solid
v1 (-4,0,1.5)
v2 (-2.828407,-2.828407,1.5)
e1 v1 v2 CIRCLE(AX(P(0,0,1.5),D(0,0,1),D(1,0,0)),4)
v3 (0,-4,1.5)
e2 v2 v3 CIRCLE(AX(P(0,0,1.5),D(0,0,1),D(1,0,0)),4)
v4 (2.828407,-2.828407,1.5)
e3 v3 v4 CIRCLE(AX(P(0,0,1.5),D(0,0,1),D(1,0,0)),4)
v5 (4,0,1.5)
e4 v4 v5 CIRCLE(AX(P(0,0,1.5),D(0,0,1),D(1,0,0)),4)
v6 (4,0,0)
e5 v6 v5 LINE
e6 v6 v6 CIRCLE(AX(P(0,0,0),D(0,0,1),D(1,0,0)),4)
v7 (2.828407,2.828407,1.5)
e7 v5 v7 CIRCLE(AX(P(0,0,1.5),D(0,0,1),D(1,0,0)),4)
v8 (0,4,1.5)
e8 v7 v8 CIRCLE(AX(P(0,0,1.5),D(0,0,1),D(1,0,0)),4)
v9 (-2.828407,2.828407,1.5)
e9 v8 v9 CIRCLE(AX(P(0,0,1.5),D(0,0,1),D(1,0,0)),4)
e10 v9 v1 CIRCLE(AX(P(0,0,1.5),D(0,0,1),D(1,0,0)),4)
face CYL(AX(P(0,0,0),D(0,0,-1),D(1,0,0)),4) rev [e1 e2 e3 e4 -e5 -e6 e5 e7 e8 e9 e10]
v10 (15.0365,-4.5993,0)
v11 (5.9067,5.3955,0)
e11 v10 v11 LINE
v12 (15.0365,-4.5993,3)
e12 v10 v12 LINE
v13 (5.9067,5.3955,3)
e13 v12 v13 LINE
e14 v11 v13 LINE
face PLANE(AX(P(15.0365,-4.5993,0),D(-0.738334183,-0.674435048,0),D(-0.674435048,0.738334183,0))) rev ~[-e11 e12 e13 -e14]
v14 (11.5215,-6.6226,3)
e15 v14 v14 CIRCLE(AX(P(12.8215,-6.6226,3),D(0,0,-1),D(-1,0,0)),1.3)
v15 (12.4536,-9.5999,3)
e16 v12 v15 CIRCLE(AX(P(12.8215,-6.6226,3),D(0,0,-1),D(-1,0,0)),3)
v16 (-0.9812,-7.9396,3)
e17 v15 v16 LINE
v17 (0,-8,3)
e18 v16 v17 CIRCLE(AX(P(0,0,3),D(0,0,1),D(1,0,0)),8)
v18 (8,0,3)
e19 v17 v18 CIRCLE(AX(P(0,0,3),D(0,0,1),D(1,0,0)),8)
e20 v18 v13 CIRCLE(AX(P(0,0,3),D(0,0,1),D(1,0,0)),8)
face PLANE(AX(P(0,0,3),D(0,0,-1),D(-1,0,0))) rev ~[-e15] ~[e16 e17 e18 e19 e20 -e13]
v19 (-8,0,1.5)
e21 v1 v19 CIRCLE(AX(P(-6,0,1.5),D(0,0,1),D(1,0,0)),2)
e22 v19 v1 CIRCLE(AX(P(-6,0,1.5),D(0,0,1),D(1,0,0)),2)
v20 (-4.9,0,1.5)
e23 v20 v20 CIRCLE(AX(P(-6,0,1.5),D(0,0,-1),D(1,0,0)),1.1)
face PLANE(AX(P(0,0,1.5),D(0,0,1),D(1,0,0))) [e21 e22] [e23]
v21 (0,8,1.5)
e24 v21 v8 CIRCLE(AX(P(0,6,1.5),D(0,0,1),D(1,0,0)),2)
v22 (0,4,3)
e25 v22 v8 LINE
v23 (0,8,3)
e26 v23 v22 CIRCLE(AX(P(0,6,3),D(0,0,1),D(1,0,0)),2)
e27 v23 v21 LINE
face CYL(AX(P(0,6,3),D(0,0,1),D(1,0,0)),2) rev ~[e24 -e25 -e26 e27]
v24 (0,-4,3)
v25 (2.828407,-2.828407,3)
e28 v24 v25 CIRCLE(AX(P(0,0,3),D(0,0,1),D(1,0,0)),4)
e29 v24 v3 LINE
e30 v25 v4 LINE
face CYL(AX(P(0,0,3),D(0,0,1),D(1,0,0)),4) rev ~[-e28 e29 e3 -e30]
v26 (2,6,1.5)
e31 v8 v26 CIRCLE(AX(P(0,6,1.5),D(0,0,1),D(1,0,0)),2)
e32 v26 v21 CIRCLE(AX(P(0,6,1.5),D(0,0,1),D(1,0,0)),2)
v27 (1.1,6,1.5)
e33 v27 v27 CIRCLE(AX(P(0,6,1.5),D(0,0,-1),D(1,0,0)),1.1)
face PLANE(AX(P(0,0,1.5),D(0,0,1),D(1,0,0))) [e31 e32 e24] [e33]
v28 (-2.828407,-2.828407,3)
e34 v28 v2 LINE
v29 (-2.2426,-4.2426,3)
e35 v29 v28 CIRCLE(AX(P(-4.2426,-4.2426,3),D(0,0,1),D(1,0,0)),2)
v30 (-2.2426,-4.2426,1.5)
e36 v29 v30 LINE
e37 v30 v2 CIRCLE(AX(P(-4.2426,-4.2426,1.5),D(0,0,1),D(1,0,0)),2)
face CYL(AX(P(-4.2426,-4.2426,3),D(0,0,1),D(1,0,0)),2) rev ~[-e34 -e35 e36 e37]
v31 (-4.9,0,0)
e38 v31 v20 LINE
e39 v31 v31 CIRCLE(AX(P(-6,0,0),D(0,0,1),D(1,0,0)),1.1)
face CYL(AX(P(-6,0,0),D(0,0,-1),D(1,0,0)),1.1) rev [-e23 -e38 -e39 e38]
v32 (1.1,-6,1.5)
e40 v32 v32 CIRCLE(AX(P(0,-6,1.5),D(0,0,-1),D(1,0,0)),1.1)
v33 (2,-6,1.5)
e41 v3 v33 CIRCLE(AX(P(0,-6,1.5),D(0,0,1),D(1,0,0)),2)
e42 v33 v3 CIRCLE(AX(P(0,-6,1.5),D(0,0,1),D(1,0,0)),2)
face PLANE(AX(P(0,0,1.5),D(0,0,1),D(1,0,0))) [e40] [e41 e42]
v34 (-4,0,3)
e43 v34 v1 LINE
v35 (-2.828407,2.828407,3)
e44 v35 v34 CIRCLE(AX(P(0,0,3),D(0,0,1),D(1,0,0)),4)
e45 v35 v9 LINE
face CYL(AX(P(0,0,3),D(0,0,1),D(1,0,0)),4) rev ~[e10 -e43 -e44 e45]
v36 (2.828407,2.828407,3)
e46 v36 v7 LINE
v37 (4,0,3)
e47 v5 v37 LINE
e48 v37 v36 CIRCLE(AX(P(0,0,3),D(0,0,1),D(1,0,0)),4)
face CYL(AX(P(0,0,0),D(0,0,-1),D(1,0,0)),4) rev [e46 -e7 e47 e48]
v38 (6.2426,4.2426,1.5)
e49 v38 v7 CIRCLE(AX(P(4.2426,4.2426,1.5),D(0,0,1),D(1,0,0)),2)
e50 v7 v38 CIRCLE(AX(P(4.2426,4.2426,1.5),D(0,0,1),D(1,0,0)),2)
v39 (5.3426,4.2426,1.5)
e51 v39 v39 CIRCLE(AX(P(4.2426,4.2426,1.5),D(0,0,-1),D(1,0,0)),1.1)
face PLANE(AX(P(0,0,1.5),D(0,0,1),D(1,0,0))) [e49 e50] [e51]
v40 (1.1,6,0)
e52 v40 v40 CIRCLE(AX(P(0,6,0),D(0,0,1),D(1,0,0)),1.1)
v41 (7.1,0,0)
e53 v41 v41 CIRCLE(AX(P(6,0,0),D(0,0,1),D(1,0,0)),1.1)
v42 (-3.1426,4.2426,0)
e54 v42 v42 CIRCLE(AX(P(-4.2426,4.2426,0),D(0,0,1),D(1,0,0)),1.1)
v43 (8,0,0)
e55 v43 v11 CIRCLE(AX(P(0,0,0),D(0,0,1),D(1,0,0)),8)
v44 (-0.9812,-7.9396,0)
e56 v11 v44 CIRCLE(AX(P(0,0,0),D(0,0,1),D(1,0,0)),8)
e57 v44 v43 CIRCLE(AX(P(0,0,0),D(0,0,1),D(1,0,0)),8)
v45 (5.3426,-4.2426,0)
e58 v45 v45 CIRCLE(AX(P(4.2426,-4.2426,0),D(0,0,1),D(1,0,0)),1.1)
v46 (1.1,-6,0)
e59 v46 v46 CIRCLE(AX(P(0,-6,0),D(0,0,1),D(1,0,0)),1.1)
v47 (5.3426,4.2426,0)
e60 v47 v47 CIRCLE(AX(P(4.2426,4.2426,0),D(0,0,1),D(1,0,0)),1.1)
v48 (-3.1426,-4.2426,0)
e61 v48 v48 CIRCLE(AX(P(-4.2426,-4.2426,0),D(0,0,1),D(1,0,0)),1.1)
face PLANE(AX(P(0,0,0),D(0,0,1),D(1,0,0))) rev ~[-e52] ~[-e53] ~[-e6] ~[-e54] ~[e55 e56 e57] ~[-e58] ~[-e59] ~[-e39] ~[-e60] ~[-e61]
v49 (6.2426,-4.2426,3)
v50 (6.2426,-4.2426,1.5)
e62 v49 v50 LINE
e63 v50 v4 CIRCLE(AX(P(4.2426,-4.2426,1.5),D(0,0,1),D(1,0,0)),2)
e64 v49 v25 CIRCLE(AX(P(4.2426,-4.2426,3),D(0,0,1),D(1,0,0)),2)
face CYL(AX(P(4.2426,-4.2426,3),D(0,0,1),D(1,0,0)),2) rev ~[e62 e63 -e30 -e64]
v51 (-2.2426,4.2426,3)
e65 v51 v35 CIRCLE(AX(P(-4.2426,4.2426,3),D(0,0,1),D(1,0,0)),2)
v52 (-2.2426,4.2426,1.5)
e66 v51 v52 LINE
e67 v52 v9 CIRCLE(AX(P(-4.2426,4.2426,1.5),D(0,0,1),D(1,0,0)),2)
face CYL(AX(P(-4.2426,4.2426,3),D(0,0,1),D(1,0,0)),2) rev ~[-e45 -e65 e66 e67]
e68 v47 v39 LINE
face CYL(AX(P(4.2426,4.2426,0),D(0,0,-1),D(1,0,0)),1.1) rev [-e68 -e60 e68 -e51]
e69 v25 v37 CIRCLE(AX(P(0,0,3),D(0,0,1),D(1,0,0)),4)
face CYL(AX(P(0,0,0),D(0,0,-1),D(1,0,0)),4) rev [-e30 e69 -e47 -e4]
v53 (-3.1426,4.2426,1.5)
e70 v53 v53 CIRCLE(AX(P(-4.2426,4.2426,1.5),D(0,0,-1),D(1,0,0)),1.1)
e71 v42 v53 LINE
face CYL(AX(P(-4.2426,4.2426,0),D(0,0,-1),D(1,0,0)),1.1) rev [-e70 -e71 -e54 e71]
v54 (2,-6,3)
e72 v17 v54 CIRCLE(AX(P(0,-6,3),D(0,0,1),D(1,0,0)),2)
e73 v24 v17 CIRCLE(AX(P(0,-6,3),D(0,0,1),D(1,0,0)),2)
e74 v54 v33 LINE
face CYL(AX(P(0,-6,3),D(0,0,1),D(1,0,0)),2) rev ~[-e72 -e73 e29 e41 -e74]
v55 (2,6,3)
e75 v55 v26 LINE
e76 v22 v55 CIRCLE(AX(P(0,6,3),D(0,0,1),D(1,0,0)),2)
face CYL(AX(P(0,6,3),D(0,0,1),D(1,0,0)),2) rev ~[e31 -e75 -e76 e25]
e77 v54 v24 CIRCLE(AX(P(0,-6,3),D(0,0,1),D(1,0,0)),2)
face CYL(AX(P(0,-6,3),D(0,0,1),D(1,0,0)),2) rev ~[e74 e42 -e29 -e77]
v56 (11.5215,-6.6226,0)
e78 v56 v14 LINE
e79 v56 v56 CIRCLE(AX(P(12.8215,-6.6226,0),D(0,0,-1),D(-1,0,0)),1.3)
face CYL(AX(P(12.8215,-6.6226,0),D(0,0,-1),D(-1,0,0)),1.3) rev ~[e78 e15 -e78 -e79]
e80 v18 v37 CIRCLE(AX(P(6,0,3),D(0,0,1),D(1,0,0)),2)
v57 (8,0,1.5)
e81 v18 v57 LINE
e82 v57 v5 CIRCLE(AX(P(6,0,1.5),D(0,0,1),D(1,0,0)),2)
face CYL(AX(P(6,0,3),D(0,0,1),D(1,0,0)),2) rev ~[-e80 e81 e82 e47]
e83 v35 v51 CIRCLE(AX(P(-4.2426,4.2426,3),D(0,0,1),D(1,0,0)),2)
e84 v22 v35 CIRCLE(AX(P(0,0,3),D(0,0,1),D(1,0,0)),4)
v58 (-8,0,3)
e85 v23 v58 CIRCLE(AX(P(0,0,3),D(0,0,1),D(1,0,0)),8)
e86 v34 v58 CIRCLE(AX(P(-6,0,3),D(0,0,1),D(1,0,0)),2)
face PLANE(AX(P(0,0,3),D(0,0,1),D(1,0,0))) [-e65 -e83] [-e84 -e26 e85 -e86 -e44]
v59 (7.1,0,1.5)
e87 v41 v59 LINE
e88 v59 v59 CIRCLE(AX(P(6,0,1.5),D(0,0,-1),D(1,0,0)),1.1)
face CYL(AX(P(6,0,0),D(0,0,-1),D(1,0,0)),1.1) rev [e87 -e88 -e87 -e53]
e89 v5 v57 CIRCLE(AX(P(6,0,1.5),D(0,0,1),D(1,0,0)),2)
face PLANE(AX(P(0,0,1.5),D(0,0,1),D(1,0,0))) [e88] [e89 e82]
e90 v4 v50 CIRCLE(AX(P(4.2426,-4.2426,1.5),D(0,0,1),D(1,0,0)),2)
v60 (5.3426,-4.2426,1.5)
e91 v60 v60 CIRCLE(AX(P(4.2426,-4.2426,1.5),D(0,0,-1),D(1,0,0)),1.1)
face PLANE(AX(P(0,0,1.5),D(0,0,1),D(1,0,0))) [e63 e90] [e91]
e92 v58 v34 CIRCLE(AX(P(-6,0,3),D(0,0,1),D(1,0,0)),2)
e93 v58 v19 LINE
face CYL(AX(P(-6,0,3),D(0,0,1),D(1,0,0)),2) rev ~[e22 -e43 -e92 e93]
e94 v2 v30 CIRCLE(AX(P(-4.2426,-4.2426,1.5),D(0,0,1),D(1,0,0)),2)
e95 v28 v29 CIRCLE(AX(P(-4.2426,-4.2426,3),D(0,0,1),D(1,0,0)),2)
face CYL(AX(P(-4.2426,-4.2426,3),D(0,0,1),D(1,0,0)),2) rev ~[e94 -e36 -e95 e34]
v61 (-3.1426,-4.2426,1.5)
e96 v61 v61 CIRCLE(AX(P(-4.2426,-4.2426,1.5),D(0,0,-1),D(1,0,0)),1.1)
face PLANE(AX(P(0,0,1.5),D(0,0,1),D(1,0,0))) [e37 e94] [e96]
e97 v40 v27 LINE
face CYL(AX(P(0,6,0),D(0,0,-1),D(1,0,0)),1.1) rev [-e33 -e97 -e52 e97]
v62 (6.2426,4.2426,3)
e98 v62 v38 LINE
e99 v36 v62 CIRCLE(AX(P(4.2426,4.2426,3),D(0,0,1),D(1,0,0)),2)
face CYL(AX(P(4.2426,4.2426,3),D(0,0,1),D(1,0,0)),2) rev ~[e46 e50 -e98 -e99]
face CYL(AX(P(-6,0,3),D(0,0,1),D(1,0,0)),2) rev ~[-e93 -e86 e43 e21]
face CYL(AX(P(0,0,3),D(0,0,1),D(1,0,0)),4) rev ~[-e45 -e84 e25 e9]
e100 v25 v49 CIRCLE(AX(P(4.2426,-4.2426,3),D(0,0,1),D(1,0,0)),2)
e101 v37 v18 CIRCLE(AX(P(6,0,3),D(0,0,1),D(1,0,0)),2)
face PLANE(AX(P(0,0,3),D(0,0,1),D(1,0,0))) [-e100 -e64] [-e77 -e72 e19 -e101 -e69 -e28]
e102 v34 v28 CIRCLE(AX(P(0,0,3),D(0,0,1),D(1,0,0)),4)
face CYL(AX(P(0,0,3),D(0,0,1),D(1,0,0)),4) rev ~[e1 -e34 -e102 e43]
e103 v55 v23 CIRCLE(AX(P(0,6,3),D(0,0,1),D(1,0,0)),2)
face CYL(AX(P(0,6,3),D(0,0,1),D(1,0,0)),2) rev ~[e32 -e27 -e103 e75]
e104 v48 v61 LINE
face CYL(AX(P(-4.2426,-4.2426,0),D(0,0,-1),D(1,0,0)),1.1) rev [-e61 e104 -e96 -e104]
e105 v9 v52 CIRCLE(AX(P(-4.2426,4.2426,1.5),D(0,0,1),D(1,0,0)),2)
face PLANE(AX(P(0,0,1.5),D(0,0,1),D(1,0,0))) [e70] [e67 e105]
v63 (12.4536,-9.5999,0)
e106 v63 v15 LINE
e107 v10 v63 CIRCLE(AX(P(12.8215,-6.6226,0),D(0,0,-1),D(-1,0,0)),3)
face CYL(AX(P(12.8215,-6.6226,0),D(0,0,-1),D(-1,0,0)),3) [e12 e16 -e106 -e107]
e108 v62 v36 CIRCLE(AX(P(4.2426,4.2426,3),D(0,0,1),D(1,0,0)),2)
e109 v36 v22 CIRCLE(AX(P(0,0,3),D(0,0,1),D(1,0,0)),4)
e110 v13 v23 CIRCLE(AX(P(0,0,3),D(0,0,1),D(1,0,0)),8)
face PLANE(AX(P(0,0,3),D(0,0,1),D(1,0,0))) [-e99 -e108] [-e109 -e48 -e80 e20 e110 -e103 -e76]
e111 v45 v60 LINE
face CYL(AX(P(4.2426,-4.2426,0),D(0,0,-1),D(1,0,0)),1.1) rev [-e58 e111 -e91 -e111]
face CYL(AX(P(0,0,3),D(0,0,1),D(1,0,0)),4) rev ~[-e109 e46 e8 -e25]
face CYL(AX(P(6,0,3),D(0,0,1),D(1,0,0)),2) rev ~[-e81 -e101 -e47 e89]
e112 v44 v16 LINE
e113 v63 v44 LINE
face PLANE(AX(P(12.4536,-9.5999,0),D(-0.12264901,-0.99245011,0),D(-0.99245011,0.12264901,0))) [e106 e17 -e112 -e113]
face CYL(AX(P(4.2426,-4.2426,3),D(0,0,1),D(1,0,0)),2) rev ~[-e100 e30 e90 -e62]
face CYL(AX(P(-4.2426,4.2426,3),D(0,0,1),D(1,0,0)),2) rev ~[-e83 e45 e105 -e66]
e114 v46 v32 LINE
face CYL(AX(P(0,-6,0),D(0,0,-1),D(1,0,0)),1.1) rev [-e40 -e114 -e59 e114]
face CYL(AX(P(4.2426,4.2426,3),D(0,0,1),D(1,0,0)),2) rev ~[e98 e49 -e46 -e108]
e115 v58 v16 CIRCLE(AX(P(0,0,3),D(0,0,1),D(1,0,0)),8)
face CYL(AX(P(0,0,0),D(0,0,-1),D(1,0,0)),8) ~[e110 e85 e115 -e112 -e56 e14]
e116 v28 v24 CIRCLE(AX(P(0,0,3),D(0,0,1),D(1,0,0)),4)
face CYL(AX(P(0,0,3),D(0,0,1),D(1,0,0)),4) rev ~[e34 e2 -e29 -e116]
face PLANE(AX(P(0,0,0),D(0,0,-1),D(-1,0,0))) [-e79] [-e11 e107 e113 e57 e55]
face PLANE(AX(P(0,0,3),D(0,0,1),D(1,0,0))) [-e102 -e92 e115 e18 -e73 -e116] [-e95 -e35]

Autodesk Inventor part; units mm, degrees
ref_plane "YZ Plane" through (0, 0, 0) normal (1, 0, 0) x (0, 1, 0)
ref_plane "XZ Plane" through (0, 0, 0) normal (0, 1, 0) x (-1, 0, 0)
ref_plane "XY Plane" through (0, 0, 0) normal (0, 0, 1) x (1, 0, 0)
sketch "スケッチ1" plane through (0, 0, 0) normal (0, 0, 1) x (1, 0, 0)
  circle A0 centre (0, 0) radius 4
  circle A1 centre (0, 0) radius 8
  circle A2 centre (0, 0) radius 6 construction
  circle A3 centre (0, 6) radius 1.1
  circle A4 centre (-4.2426, 4.2426) radius 1.1
  circle A5 centre (-6, 0) radius 1.1
  circle A6 centre (-4.2426, -4.2426) radius 1.1
  circle A7 centre (0, -6) radius 1.1
  circle A8 centre (4.2426, -4.2426) radius 1.1
  circle A9 centre (6, 0) radius 1.1
  circle A10 centre (4.2426, 4.2426) radius 1.1
  dimension "d2" = 12
  dimension "d0" = 8
  dimension "d1" = 16
  dimension "d3" = 2.2
  dimension "d6" = 360
extrude "押し出し1" add sketch "スケッチ1" along normal blind 3
sketch "スケッチ2" plane through (0, 0, 0) normal (0, 0, -1) x (-1, 0, 0)
  circle A0 centre (-12.8215, -6.6226) radius 1.3
  circle A1 centre (-12.8215, -6.6226) radius 3
  circle A2 centre (0, 0) radius 8 projected
  line L0 (-15.0365, -4.5993) -> (-5.9067, 5.3955)
  line L1 (-12.4536, -9.5999) -> (0.9812, -7.9396)
  circle A3 centre (-4.758, 14.0841) radius 3 projected
  circle A4 centre (-12.8215, -6.6226) radius 1.3 construction
  dimension "d10" = 2.6
  dimension "d11" = 6
extrude "押し出し2" add sketch "スケッチ2" against normal blind 3 contours A1 | A1 L0 A2 L1
sketch "スケッチ3" plane through (0, 0, 3) normal (0, 0, 1) x (1, 0, 0)
  circle A0 centre (0, -6) radius 1.1 projected
  circle A1 centre (0, -6) radius 2
  circle A2 centre (0, 0) radius 4 projected
  circle A3 centre (4.2426, -4.2426) radius 2
  circle A4 centre (6, 0) radius 2
  circle A5 centre (4.2426, 4.2426) radius 2
  circle A6 centre (0, 6) radius 2
  circle A7 centre (-4.2426, 4.2426) radius 2
  circle A8 centre (-6, 0) radius 2
  circle A9 centre (-4.2426, -4.2426) radius 2
  point P0 (0, -4)
  point P1 (-2.8284, -2.8284)
  point P2 (-4, 0)
  point P3 (-2.8284, 2.8284)
  point P4 (0, 4)
  point P5 (2.8284, 2.8284)
  point P6 (4, 0)
  point P7 (2.8284, -2.8284)
  dimension "d15" = 4
  dimension "d18" = 360
extrude "押し出し3" cut sketch "スケッチ3" against normal blind 1.5 contours A0 | A1 | A9 | A8 | A7 | A6 | A5 | A4 | A3 | A2
properties part number "namida" material "アルミニウム 2014-T4"
